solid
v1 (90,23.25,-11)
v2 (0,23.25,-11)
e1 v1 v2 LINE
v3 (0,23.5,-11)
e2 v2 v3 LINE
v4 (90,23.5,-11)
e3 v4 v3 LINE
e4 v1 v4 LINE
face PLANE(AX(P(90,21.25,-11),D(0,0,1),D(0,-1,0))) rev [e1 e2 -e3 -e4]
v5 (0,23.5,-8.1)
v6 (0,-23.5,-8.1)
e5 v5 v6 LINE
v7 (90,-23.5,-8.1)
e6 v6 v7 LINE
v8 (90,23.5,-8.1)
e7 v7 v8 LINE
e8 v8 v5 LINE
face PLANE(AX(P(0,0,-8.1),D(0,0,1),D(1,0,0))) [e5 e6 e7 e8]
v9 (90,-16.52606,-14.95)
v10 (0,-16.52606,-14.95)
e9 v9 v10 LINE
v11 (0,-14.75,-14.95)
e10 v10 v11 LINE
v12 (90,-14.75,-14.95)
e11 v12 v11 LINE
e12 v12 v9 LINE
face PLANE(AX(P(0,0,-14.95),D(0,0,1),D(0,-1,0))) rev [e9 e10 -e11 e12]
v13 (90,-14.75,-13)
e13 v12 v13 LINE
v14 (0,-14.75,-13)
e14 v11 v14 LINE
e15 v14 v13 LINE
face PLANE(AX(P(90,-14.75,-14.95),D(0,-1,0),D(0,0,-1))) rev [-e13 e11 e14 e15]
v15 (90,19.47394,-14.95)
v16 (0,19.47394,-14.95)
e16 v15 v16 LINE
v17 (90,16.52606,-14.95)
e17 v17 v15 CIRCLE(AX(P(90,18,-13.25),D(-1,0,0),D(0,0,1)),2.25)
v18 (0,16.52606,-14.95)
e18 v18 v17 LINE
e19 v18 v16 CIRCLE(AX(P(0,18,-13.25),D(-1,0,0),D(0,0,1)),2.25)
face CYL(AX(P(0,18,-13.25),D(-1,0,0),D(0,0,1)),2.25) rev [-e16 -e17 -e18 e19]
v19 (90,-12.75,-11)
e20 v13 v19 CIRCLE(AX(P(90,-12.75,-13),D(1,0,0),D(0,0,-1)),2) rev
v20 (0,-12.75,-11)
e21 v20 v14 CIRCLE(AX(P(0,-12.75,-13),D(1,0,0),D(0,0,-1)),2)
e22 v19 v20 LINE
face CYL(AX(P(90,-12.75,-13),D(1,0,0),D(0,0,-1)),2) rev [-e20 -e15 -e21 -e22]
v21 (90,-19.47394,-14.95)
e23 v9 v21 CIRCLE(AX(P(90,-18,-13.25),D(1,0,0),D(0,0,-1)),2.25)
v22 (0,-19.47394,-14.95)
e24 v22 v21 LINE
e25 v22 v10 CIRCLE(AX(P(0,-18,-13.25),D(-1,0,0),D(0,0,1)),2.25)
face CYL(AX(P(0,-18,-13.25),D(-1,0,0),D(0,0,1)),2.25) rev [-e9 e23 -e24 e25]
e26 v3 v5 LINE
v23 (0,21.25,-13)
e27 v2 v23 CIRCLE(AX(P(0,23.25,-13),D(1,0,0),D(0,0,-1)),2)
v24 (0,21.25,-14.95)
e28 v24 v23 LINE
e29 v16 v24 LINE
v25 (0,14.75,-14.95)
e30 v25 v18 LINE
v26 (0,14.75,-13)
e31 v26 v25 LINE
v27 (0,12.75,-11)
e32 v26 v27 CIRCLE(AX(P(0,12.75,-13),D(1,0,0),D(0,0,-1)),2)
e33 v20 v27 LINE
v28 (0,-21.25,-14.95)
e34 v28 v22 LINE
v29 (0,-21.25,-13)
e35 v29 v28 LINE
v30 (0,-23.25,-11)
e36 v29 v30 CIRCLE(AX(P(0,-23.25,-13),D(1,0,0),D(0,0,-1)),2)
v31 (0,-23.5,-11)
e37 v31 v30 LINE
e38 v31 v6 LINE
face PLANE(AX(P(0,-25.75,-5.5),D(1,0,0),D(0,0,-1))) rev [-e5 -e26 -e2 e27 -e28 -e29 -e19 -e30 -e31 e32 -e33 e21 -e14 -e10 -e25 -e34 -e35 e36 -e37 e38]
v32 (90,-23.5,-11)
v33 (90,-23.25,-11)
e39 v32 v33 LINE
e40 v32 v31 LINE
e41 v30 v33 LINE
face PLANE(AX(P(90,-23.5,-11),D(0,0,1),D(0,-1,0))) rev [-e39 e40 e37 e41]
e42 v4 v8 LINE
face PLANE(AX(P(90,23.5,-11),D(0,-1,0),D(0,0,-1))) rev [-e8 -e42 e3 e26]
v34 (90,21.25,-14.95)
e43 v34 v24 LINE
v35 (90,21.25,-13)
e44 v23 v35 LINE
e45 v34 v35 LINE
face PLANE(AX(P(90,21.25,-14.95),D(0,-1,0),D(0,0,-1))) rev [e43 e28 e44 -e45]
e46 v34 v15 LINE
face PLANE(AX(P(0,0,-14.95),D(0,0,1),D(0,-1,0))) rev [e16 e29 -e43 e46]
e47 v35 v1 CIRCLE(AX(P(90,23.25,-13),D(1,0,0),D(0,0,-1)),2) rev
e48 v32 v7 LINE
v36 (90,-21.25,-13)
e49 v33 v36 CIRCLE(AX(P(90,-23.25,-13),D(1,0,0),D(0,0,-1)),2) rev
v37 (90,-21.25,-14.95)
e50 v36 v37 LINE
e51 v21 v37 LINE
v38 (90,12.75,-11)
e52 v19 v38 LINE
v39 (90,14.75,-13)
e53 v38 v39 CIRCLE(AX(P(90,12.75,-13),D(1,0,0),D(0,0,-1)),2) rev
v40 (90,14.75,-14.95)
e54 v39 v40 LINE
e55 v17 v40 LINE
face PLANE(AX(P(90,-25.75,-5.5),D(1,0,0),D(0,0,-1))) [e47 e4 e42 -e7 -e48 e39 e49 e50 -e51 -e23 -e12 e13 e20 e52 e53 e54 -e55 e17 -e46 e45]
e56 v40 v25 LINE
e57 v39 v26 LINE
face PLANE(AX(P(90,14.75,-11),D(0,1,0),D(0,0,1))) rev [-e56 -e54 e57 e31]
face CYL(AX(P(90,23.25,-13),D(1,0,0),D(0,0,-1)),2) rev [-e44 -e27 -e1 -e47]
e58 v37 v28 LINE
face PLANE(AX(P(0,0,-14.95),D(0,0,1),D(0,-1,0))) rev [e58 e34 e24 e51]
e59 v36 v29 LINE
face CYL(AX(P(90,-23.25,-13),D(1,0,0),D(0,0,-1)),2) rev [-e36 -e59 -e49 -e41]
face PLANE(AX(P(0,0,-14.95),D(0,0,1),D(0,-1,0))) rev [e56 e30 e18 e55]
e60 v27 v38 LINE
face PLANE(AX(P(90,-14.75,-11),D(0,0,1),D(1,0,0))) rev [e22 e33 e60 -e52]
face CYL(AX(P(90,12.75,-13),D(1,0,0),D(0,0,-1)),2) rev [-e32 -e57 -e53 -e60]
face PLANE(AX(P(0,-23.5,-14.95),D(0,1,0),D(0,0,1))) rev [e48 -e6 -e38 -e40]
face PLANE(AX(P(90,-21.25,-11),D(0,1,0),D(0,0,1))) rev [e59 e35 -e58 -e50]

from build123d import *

# Parameters (mm, degrees)
EXTRUDE_1_DEPTH             = 90
SKETCH_2_W                  = 90
SKETCH_2_H                  = 17.75
EXTRUDE_2_DEPTH             = 8.2
SKETCH_3_W                  = 90
SKETCH_3_H                  = 50.95
EXTRUDE_3_DEPTH             = 8.2
SKETCH_4_W                  = 3.95
SKETCH_4_H                  = 29.5
CUT_EXTRUDE_1_DEPTH         = 96.44153315
SKETCH_5_W                  = 3.95
SKETCH_5_H                  = 6.2
CUT_EXTRUDE_2_DEPTH         = 96.44153315
SKETCH_6_W                  = 2.25
SKETCH_6_H                  = 3.95
CUT_EXTRUDE_3_DEPTH         = 96.44153315
SKETCH_7_W                  = 4.5
SKETCH_7_H                  = 3.95
CUT_EXTRUDE_4_DEPTH         = 96.44153315
SKETCH_8_W                  = 2.25
SKETCH_8_H                  = 3.95
CUT_EXTRUDE_5_DEPTH         = 96.44153315
SKETCH_9_W                  = 3.95
SKETCH_9_H                  = 2.25
CUT_EXTRUDE_6_DEPTH         = 96.44153315
SKETCH_10_W                 = 20.2
SKETCH_10_H                 = 45.2
CUT_EXTRUDE_7_DEPTH         = 86
HOLE_WIZARD_2_5_2_5_1_D     = 2.5
HOLE_WIZARD_4_5_4_5_1_D     = 4.5
HOLE_WIZARD_8_3_8_3_1_D     = 8.3
HOLE_WIZARD_8_3_8_3_1_DEPTH = 3.2
FILLET_1_R                  = 2
FILLET_2_R                  = 2
EXTRUDE_START               = -90
SKETCH_17_R                 = 1.25
EXTRUDE_4_DEPTH             = 90
CUT_EXTRUDE_START           = -100
SKETCH_18_R                 = 4.15
CUT_EXTRUDE_8_DEPTH         = 100
CUT_EXTRUDE_9_DEPTH         = 110
CUT_EXTRUDE_10_DEPTH        = 110
SKETCH_21_W                 = 90
SKETCH_21_H                 = 47
EXTRUDE_5_DEPTH             = 2


with BuildPart() as part:
    # Эскиз1 → Бобышка-Вытянуть1 (new body)
    with BuildSketch(Plane(origin=(90, 0, 0), x_dir=(0, 0, -1), z_dir=(1, 0, 0))):
        with BuildLine():
            Line((6.75, -24.093761792), (6.75, 19.25))
            Line((6.75, 19.25), (-11.593761792, 19.25))
            ThreePointArc((-11.593761792, 19.25), (-15.325, 18), (-11.593761792, 16.75))
            Line((-11.593761792, 16.75), (-11, 16.75))
            Line((-11, 16.75), (-11, -16.75))
            Line((-11, -16.75), (-11.593761792, -16.75))
            ThreePointArc((-11.593761792, -16.75), (-15.325, -18), (-11.593761792, -19.25))
            Line((-11.593761792, -19.25), (-11, -19.25))
            Line((-11, -19.25), (-11, -23.5))
            Line((-11, -23.5), (-6.75, -23.5))
            Line((-6.75, -23.5), (-6.75, -24.093761792))
            ThreePointArc((-6.75, -24.093761792), (-5.5, -27.825), (-4.25, -24.093761792))
            Line((-4.25, -24.093761792), (-4.25, -23.5))
            Line((-4.25, -23.5), (4.25, -23.5))
            Line((4.25, -23.5), (4.25, -24.093761792))
            ThreePointArc((4.25, -24.093761792), (5.5, -27.825), (6.75, -24.093761792))
        make_face()
    extrude(amount=-EXTRUDE_1_DEPTH)

    # Эскиз2 → Бобышка-Вытянуть2 (add)
    with BuildSketch(Plane(origin=(0, 19.25, 0), x_dir=(-1, 0, 0), z_dir=(0, 1, 0))):
        with Locations((-45, 2.125)):
            Rectangle(SKETCH_2_W, SKETCH_2_H)
    extrude(amount=EXTRUDE_2_DEPTH)

    # Эскиз3 → Бобышка-Вытянуть3 (add)
    with BuildSketch(Plane(origin=(0, 0, -6.75), x_dir=(-1, 0, 0), z_dir=(0, 0, -1))):
        with Locations((-45, 1.975)):
            Rectangle(SKETCH_3_W, SKETCH_3_H)
    extrude(amount=EXTRUDE_3_DEPTH)

    # Эскиз4 → Вырез-Вытянуть1 (cut, through all)
    with BuildSketch(Plane.ZY):
        with Locations((-12.975, 0)):
            Rectangle(SKETCH_4_W, SKETCH_4_H)
    extrude(amount=-CUT_EXTRUDE_1_DEPTH, mode=Mode.SUBTRACT)

    # Эскиз5 → Вырез-Вытянуть2 (cut, through all)
    with BuildSketch(Plane.ZY):
        with Locations((-12.975, 24.35)):
            Rectangle(SKETCH_5_W, SKETCH_5_H)
    extrude(amount=-CUT_EXTRUDE_2_DEPTH, mode=Mode.SUBTRACT)

    # Эскиз6 → Вырез-Вытянуть3 (cut, through all)
    with BuildSketch(Plane.ZY):
        with Locations((-9.875, 25.475)):
            Rectangle(SKETCH_6_W, SKETCH_6_H)
    extrude(amount=-CUT_EXTRUDE_3_DEPTH, mode=Mode.SUBTRACT)

    # Эскиз7 → Вырез-Вытянуть4 (cut, through all)
    with BuildSketch(Plane.ZY):
        with Locations((0, 25.475)):
            Rectangle(SKETCH_7_W, SKETCH_7_H)
    extrude(amount=-CUT_EXTRUDE_4_DEPTH, mode=Mode.SUBTRACT)

    # Эскиз8 → Вырез-Вытянуть5 (cut, through all)
    with BuildSketch(Plane.ZY):
        with Locations((9.875, 25.475)):
            Rectangle(SKETCH_8_W, SKETCH_8_H)
    extrude(amount=-CUT_EXTRUDE_5_DEPTH, mode=Mode.SUBTRACT)

    # Эскиз9 → Вырез-Вытянуть6 (cut, through all)
    with BuildSketch(Plane.ZY):
        with Locations((-12.975, -22.375)):
            Rectangle(SKETCH_9_W, SKETCH_9_H)
    extrude(amount=-CUT_EXTRUDE_6_DEPTH, mode=Mode.SUBTRACT)

    # Эскиз10 → Вырез-Вытянуть7 (cut)
    with BuildSketch(Plane(origin=(90, 0, 0), x_dir=(0, 0, -1), z_dir=(1, 0, 0))):
        Rectangle(SKETCH_10_W, SKETCH_10_H)
    extrude(amount=-CUT_EXTRUDE_7_DEPTH, mode=Mode.SUBTRACT)

    # Диаметр отверстия Ø2.5 (2.5)1 (through all)
    with Locations(Plane(origin=(90, 0, 0), x_dir=(0, 0, -1), z_dir=(1, 0, 0))):
        with Locations((5.5, -25.75), (-13.25, -18), (-5.5, -25.75), (-13.25, 18)):
            Hole(HOLE_WIZARD_2_5_2_5_1_D / 2)

    # Диаметр отверстия Ø4.5 (4.5)1 (through all)
    with Locations(Plane.ZY):
        with Locations((-13.25, -18), (-13.25, 18), (-5.5, 25.75), (5.5, 25.75)):
            Hole(HOLE_WIZARD_4_5_4_5_1_D / 2)

    # Диаметр отверстия Ø8.3 (8.3)1
    with Locations(Plane.ZY):
        with Locations((0, 0)):
            Hole(HOLE_WIZARD_8_3_8_3_1_D / 2, depth=HOLE_WIZARD_8_3_8_3_1_DEPTH)

    # Скругление1
    fillet_1_edges = [part.edges().sort_by_distance(p)[0] for p in [
        (45, 23.5, 8.75),
    ]]
    fillet(fillet_1_edges, radius=FILLET_1_R)

    # Скругление2
    fillet_2_edges = [part.edges().sort_by_distance(p)[0] for p in [
        (45, 23.5, -8.75),
        (45, 23.5, 2.25),
        (45, 23.5, -2.25),
        (45, -21.25, -11),
        (4, 0, -10.1),
        (4, -22.6, 0),
        (4, 0, 10.1),
        (4, 22.6, 0),
        (45, 14.75, -11),
        (45, -14.75, -11),
        (45, 21.25, -11),
    ]]
    fillet(fillet_2_edges, radius=FILLET_2_R)

    # Эскиз17 → Бобышка-Вытянуть4 (add)
    with BuildSketch(Plane(origin=(90, 0, 0), x_dir=(0, 0, -1), z_dir=(1, 0, 0)).offset(EXTRUDE_START)):
        with Locations((5.5, -25.75)):
            Circle(SKETCH_17_R)
        with Locations((-5.5, -25.75)):
            Circle(SKETCH_17_R)
        with Locations((-13.25, -18)):
            Circle(SKETCH_17_R)
        with Locations((-13.25, 18)):
            Circle(SKETCH_17_R)
    extrude(amount=EXTRUDE_4_DEPTH)

    # Эскиз18 → Вырез-Вытянуть8 (cut)
    with BuildSketch(Plane.ZY.offset(CUT_EXTRUDE_START)):
        Circle(SKETCH_18_R)
    extrude(amount=CUT_EXTRUDE_8_DEPTH, mode=Mode.SUBTRACT)

    # Эскиз19 → Вырез-Вытянуть9 (cut)
    with BuildSketch(Plane(origin=(90, 0, 0), x_dir=(0, 0, -1), z_dir=(1, 0, 0))):
        Polygon((10.1, -22.6), (10.1, 22.6), (10.1, 31.019338608), (-21.722605493, 31.019338608), (-21.722605493, -29.745467662), (10.1, -29.745467662), align=None)
    extrude(amount=-CUT_EXTRUDE_9_DEPTH, mode=Mode.SUBTRACT)

    # Эскиз20 → Вырез-Вытянуть10 (cut)
    with BuildSketch(Plane(origin=(90, 0, 0), x_dir=(0, 0, -1), z_dir=(1, 0, 0))):
        with BuildLine():
            Line((10.1, 23.5), (10.1, 23.608571968))
            ThreePointArc((10.1, 23.608571968), (10.420497393, 23.52732972), (10.75, 23.5))
            Line((10.75, 23.5), (10.1, 23.5))
        make_face()
    extrude(amount=-CUT_EXTRUDE_10_DEPTH, mode=Mode.SUBTRACT)

    # Эскиз21 → Бобышка-Вытянуть5 (add)
    with BuildSketch(Plane.XY.offset(-10.1)):
        with Locations((45, 0)):
            Rectangle(SKETCH_21_W, SKETCH_21_H)
    extrude(amount=EXTRUDE_5_DEPTH)


solid = part.part
